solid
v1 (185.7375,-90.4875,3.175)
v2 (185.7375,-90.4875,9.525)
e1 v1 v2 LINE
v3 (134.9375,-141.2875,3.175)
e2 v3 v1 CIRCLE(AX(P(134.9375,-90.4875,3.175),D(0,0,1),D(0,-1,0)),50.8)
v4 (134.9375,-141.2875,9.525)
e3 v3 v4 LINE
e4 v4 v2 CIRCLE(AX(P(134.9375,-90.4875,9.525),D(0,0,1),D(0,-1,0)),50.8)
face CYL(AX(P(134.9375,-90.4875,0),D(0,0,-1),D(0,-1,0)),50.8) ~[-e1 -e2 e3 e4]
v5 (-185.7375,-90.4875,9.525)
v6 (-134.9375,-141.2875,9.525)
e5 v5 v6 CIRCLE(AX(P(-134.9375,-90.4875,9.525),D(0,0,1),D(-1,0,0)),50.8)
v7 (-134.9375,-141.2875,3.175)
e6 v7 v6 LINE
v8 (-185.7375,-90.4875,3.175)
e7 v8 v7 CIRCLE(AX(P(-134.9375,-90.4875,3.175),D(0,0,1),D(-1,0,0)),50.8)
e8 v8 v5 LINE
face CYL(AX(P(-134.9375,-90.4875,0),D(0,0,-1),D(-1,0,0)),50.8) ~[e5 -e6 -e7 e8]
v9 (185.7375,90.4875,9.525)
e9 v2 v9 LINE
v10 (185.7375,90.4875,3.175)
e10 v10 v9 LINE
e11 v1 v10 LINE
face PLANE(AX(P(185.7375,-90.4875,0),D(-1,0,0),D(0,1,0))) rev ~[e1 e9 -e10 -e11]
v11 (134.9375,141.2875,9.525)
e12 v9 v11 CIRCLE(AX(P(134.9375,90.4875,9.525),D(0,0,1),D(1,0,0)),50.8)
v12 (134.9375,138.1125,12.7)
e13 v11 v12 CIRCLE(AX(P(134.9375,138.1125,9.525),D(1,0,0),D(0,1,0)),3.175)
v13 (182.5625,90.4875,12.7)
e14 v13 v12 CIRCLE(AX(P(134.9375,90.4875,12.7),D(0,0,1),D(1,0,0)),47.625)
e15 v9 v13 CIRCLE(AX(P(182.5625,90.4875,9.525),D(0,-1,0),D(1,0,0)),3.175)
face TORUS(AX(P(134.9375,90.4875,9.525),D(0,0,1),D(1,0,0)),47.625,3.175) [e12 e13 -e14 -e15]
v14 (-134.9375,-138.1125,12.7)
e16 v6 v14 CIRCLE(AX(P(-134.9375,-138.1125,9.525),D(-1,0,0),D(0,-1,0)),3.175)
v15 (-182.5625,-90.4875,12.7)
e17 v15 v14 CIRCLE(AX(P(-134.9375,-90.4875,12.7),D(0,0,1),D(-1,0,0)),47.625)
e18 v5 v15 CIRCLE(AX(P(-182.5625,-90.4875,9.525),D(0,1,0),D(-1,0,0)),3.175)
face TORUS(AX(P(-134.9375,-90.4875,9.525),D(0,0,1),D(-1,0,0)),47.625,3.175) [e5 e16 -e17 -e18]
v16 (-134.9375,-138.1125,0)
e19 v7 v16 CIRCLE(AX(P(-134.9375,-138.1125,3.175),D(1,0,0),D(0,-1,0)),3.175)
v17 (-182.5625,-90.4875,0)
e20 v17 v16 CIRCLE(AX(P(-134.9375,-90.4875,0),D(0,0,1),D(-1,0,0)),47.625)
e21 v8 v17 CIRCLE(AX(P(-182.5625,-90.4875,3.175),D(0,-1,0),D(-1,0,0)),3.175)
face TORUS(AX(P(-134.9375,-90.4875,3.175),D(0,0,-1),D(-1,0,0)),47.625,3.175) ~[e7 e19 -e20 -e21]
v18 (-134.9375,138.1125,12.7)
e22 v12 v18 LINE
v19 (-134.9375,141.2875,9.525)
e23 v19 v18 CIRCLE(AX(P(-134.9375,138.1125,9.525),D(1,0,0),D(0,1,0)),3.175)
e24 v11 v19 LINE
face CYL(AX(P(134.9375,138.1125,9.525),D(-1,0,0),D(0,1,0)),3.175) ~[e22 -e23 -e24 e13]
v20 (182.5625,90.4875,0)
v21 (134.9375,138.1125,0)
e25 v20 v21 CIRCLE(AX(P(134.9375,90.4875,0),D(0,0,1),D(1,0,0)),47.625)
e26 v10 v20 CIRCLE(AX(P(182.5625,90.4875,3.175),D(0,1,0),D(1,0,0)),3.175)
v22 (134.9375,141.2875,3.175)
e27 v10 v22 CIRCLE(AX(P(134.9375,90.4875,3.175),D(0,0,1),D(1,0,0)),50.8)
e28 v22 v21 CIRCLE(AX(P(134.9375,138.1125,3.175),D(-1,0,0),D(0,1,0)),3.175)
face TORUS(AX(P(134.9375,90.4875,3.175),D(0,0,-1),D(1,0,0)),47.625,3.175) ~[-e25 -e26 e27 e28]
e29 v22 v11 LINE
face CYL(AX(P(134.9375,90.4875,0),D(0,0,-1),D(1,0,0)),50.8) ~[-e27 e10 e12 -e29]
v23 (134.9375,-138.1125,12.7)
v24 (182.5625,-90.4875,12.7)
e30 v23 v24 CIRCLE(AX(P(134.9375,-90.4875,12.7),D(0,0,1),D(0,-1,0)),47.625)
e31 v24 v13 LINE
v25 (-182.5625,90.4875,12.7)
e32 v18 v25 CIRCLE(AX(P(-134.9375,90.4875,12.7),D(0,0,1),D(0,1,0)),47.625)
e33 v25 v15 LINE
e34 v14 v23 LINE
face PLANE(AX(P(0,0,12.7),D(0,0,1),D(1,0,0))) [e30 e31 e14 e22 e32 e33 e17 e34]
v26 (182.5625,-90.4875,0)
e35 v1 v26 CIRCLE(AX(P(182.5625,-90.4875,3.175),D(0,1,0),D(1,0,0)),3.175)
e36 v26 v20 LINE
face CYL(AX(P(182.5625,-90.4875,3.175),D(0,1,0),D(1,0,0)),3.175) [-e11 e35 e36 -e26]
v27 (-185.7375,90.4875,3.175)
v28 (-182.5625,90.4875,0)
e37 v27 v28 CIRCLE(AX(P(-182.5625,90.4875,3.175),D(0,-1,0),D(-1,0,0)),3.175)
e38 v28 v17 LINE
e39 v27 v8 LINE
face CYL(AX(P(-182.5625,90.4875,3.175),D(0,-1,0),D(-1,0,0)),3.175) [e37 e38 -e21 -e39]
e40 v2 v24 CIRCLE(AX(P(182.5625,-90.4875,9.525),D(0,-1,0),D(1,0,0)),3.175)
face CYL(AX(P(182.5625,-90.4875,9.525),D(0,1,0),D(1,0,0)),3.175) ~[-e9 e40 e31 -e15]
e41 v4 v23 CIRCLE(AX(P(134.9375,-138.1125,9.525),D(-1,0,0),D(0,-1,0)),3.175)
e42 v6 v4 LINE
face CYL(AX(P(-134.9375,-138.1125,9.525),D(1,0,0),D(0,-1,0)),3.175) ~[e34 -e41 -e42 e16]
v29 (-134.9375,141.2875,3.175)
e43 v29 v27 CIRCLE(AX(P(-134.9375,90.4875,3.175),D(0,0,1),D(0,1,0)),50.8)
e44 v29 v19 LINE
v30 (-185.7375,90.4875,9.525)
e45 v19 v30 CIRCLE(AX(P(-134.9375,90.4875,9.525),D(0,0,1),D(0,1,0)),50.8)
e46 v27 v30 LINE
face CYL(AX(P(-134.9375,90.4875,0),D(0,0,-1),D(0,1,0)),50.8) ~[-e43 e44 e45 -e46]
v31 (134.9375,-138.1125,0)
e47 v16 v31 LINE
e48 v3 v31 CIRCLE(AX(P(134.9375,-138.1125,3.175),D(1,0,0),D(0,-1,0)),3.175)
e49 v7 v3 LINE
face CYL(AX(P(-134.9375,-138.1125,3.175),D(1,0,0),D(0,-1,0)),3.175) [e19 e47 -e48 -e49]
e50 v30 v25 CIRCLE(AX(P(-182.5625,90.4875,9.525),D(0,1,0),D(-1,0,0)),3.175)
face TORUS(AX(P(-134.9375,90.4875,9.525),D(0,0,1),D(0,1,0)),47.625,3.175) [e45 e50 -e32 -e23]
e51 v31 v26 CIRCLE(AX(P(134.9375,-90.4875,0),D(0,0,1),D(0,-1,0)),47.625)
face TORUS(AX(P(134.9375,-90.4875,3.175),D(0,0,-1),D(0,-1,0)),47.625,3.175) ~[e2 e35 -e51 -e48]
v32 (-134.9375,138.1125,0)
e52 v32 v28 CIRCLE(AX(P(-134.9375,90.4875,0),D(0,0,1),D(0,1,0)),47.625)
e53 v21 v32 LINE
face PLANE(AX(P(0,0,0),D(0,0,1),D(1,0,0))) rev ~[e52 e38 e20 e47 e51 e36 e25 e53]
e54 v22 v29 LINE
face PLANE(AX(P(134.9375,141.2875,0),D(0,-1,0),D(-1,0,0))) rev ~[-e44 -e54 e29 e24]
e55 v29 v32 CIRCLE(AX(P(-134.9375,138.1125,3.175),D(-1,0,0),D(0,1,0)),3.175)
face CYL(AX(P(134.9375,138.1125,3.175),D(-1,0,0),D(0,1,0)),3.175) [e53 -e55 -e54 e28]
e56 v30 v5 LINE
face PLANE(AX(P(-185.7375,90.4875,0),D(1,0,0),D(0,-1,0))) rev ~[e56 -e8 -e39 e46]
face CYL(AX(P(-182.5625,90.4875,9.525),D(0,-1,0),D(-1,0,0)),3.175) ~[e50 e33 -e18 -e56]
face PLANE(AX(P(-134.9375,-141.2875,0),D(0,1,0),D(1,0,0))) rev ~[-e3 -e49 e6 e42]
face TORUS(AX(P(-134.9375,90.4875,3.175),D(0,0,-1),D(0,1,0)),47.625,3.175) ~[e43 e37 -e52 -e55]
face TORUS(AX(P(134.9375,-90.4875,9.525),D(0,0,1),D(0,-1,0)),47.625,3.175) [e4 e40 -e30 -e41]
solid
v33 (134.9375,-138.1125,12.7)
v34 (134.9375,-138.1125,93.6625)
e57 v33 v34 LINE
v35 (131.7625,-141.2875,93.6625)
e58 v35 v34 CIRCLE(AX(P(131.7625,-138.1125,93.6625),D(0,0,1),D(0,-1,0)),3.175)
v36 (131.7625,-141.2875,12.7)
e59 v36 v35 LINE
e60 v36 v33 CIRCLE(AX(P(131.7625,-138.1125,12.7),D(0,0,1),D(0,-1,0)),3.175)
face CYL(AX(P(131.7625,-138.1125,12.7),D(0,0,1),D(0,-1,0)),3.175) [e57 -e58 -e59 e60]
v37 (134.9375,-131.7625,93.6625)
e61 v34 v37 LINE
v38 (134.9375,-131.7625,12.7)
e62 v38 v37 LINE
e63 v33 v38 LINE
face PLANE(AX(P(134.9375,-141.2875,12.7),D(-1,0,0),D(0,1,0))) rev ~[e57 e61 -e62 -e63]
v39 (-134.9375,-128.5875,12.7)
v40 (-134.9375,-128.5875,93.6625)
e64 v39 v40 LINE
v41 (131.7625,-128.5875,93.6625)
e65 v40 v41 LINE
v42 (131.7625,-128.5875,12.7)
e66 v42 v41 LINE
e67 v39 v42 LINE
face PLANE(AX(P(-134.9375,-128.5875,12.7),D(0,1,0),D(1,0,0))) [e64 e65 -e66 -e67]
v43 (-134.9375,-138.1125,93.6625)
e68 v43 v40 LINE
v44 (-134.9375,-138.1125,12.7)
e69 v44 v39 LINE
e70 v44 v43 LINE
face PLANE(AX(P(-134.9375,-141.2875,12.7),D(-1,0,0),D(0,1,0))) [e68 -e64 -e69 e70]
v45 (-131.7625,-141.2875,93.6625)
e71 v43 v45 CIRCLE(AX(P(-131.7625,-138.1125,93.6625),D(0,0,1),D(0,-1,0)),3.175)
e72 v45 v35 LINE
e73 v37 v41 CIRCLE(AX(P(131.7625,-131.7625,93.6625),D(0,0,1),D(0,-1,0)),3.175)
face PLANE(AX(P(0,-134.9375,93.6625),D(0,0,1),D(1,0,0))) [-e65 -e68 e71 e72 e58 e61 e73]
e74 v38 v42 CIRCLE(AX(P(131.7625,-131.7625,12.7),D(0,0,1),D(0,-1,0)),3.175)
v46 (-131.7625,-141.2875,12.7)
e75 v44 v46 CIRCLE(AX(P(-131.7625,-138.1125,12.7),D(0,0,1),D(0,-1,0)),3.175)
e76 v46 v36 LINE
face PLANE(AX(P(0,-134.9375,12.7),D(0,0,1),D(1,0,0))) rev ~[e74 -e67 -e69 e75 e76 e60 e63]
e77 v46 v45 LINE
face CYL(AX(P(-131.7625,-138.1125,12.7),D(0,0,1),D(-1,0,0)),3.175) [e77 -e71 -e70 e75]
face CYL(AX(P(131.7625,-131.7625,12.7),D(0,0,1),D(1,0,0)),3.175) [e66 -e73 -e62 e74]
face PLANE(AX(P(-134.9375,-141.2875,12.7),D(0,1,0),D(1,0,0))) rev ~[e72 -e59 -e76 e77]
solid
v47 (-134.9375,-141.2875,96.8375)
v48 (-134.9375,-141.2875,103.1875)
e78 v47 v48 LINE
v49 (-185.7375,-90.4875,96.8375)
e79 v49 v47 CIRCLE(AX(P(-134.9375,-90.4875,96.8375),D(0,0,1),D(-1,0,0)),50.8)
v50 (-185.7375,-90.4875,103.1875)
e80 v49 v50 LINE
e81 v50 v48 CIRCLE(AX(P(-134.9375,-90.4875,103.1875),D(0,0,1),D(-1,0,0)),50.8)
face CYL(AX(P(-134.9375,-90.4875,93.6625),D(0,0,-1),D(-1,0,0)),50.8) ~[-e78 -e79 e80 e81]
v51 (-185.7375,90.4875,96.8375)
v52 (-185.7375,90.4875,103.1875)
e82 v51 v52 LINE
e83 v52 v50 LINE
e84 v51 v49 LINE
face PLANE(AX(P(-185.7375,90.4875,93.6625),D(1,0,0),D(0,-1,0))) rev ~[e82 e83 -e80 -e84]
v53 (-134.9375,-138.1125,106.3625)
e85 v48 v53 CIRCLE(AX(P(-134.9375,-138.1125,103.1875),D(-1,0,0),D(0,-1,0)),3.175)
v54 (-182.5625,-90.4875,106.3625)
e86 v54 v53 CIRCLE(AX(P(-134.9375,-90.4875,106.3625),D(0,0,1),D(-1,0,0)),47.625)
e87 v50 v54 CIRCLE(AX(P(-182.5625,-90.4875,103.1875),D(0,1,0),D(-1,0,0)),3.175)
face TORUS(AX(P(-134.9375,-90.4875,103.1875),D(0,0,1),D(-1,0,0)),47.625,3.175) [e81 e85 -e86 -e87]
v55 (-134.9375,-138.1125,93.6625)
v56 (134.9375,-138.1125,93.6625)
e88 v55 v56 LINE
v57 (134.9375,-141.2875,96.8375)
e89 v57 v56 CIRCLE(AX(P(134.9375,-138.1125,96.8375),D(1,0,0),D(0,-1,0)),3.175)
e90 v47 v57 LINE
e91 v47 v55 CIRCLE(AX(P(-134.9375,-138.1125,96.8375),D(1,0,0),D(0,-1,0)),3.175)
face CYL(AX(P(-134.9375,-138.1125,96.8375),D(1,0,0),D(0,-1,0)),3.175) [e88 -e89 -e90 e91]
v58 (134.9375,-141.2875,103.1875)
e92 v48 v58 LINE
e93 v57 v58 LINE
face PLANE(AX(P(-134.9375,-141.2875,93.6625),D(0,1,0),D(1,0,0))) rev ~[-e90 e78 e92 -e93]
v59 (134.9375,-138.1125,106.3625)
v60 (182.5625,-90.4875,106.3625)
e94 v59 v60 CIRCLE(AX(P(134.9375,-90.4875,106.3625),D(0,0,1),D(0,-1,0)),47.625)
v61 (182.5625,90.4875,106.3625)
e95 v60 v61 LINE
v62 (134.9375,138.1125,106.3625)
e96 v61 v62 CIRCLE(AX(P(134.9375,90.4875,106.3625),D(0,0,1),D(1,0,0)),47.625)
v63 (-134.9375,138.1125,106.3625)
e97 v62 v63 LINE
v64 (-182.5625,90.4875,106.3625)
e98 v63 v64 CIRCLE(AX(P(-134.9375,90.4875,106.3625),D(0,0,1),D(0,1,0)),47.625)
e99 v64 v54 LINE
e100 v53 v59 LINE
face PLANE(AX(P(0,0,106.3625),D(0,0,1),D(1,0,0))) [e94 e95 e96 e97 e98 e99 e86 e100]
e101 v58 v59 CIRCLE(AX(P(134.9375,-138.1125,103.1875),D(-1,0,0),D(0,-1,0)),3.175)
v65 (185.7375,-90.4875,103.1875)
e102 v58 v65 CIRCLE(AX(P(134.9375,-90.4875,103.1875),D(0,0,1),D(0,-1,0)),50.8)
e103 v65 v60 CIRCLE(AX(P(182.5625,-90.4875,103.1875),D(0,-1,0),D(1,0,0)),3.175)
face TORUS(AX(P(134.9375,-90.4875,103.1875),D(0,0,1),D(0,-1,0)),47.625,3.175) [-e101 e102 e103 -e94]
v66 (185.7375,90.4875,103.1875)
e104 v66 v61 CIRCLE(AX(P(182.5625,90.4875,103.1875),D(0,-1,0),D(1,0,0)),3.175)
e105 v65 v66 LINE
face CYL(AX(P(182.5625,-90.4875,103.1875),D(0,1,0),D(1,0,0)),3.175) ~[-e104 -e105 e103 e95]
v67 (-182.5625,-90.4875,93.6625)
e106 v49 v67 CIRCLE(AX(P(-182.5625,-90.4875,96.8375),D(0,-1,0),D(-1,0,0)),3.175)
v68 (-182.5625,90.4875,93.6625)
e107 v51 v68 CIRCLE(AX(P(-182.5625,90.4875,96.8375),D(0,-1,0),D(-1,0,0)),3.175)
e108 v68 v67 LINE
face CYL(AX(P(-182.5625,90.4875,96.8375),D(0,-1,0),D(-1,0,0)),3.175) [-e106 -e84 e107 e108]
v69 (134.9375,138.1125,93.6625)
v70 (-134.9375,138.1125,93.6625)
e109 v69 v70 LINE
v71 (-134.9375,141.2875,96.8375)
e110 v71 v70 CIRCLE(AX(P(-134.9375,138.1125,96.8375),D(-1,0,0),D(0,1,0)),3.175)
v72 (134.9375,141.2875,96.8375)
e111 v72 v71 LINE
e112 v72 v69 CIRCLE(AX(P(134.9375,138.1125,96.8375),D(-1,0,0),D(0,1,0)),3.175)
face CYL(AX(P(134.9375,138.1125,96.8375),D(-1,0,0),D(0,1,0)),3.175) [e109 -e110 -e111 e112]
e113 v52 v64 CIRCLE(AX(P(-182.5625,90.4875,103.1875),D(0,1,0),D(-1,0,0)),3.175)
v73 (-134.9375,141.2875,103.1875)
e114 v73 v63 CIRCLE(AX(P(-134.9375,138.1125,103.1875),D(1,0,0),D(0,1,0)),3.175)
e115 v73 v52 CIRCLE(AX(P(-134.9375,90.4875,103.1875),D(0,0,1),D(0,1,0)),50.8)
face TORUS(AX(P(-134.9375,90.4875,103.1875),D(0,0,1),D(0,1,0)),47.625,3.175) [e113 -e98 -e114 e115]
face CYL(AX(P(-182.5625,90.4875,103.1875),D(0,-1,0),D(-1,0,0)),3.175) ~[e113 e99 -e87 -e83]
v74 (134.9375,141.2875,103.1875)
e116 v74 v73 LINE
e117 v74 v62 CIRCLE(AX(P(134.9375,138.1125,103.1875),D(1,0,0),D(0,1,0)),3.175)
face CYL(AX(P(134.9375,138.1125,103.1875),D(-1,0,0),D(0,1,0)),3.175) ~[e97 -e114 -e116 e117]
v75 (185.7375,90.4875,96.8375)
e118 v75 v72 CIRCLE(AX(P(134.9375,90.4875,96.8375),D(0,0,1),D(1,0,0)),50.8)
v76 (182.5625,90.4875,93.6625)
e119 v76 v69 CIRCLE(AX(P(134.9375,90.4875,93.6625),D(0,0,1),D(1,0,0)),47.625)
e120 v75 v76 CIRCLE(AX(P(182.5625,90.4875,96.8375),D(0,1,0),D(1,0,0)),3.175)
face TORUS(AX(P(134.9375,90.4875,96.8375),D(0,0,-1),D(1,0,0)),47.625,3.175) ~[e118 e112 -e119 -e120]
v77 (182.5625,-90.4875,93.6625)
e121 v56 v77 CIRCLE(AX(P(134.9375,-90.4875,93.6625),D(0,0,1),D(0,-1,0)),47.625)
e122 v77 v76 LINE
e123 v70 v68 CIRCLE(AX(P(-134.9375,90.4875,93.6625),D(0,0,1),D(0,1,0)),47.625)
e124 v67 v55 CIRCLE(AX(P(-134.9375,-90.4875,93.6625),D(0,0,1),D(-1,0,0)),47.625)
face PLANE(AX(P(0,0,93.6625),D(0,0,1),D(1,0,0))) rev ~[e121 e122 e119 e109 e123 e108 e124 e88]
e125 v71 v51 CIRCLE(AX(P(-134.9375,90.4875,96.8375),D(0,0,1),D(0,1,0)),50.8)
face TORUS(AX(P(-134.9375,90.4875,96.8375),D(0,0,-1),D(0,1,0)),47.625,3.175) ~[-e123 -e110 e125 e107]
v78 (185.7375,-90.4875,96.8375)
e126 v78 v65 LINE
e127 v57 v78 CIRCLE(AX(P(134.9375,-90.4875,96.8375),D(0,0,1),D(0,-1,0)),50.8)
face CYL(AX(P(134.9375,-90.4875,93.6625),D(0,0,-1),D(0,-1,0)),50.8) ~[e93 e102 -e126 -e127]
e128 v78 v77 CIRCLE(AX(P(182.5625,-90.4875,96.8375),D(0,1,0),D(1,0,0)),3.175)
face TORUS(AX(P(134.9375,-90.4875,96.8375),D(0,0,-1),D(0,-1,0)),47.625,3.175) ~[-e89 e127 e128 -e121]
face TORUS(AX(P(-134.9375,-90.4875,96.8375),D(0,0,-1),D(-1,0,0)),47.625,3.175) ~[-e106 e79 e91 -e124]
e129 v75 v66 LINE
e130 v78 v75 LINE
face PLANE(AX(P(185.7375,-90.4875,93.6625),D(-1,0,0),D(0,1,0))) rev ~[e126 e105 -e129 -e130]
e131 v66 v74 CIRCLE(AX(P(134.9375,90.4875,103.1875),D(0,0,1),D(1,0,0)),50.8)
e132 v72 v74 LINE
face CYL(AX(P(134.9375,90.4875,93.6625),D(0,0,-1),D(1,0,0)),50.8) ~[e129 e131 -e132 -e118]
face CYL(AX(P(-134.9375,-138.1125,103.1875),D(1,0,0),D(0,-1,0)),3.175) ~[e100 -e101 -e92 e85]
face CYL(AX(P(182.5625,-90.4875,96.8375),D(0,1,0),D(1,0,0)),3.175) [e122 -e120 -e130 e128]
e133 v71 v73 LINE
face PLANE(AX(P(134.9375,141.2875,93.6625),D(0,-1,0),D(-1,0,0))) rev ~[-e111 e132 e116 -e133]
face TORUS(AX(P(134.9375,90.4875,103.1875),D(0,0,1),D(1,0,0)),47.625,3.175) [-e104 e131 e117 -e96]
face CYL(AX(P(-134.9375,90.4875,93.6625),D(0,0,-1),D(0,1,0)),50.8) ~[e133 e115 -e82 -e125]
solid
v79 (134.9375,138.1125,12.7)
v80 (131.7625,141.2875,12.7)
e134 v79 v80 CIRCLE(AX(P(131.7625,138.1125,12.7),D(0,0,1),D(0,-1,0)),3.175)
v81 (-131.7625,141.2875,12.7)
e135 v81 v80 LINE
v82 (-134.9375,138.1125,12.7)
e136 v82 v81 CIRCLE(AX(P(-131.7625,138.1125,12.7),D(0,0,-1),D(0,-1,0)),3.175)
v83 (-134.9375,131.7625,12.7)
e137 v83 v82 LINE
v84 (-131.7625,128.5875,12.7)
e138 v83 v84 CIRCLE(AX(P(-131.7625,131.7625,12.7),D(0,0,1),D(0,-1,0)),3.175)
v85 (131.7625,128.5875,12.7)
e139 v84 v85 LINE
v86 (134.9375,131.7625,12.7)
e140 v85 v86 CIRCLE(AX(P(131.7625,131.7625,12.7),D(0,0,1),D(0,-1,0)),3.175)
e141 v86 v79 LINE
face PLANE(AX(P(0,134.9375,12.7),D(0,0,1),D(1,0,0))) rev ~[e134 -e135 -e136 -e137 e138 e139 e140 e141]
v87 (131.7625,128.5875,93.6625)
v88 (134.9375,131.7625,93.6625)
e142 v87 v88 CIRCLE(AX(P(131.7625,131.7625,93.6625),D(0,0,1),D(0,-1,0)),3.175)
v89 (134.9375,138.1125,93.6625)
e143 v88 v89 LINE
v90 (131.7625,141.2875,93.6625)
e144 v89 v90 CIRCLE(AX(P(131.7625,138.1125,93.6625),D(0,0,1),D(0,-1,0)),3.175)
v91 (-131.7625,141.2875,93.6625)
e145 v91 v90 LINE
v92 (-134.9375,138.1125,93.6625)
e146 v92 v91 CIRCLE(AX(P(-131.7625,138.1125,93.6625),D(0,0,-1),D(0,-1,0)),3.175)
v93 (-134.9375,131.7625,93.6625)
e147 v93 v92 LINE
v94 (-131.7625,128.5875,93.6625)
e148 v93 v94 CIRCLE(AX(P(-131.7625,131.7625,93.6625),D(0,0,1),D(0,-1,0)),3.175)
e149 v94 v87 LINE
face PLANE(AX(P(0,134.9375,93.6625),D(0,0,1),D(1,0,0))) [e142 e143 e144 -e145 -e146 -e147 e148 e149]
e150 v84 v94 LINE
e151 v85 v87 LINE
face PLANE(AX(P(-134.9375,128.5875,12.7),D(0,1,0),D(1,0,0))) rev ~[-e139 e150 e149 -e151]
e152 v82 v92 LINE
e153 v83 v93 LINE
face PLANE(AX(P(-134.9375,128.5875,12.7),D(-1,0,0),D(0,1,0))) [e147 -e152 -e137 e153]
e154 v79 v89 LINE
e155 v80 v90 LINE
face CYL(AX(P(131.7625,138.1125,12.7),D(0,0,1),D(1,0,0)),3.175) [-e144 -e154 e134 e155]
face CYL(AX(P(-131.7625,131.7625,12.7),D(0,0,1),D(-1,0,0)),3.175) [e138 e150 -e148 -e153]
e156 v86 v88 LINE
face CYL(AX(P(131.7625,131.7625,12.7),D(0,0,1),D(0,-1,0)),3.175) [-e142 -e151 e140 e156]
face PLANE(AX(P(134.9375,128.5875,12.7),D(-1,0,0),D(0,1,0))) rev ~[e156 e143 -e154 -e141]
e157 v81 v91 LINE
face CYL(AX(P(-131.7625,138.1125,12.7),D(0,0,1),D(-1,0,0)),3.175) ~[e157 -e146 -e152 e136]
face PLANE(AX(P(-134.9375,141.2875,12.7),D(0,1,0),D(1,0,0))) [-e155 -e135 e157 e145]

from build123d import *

# Parameters (mm, degrees)
F1_DEPTH = 12.7
F2_W     = 269.875
F2_H     = 12.7
F3_DEPTH = 80.9625
F5_R     = 3.175
F5_2_R   = 3.175
F5_3_R   = 3.175
F5_4_R   = 3.175


with BuildPart() as f1:
    # F0 (on Top) → F1 (new body)
    with BuildSketch(Plane.XY):
        with BuildLine():
            Line((-134.9375, -141.2875), (134.9375, -141.2875))
            ThreePointArc((134.9375, -141.2875), (170.8585244843, -126.4085244843), (185.7375, -90.4875))
            Line((185.7375, -90.4875), (185.7375, 90.4875))
            ThreePointArc((185.7375, 90.4875), (170.8585244843, 126.4085244843), (134.9375, 141.2875))
            Line((134.9375, 141.2875), (-134.9375, 141.2875))
            ThreePointArc((-134.9375, 141.2875), (-170.8585244843, 126.4085244843), (-185.7375, 90.4875))
            Line((-185.7375, 90.4875), (-185.7375, -90.4875))
            ThreePointArc((-185.7375, -90.4875), (-170.8585244843, -126.4085244843), (-134.9375, -141.2875))
        make_face()
    extrude(amount=F1_DEPTH)


with BuildPart() as f3:
    # F2 (on face) → F3 (new body)
    with BuildSketch(Plane.XY.offset(12.7)):
        with Locations((0, 134.9375)):
            Rectangle(F2_W, F2_H)
    extrude(amount=F3_DEPTH)

    # F5#4
    f5_4_edges = [f3.edges().sort_by_distance(p)[0] for p in [
        (134.9375, 141.2875, 53.18125),
        (134.9375, 128.5875, 53.18125),
        (-134.9375, 141.2875, 53.18125),
        (-134.9375, 128.5875, 53.18125),
    ]]
    fillet(f5_4_edges, radius=F5_4_R)


with BuildPart() as f3b:
    # F2 (on face) → F3, piece 2 (new body)
    with BuildSketch(Plane.XY.offset(12.7)):
        with Locations((0, -134.9375)):
            Rectangle(F2_W, F2_H)
    extrude(amount=F3_DEPTH)

    # F5#3
    f5_3_edges = [f3b.edges().sort_by_distance(p)[0] for p in [
        (-134.9375, -141.2875, 53.18125),
        (134.9375, -141.2875, 53.18125),
        (134.9375, -128.5875, 53.18125),
    ]]
    fillet(f5_3_edges, radius=F5_3_R)


with BuildPart() as f4_1:
    # F4: copy of F1
    add(f1.part.moved(Location((0, 0, 93.6625))))

    # F5
    f5_edges = [f4_1.edges().sort_by_distance(p)[0] for p in [
        (0, -141.2875, 106.3625),
        (-170.858524, -126.408524, 93.6625),
    ]]
    fillet(f5_edges, radius=F5_R)


with BuildPart() as f1_1:
    add(f1.part)

    # F5#2
    f5_2_edges = [f1_1.edges().sort_by_distance(p)[0] for p in [
        (0, -141.2875, 0),
        (-170.858524, -126.408524, 12.7),
    ]]
    fillet(f5_2_edges, radius=F5_2_R)


solid = Compound([f3.part, f3b.part, f4_1.part, f1_1.part])
